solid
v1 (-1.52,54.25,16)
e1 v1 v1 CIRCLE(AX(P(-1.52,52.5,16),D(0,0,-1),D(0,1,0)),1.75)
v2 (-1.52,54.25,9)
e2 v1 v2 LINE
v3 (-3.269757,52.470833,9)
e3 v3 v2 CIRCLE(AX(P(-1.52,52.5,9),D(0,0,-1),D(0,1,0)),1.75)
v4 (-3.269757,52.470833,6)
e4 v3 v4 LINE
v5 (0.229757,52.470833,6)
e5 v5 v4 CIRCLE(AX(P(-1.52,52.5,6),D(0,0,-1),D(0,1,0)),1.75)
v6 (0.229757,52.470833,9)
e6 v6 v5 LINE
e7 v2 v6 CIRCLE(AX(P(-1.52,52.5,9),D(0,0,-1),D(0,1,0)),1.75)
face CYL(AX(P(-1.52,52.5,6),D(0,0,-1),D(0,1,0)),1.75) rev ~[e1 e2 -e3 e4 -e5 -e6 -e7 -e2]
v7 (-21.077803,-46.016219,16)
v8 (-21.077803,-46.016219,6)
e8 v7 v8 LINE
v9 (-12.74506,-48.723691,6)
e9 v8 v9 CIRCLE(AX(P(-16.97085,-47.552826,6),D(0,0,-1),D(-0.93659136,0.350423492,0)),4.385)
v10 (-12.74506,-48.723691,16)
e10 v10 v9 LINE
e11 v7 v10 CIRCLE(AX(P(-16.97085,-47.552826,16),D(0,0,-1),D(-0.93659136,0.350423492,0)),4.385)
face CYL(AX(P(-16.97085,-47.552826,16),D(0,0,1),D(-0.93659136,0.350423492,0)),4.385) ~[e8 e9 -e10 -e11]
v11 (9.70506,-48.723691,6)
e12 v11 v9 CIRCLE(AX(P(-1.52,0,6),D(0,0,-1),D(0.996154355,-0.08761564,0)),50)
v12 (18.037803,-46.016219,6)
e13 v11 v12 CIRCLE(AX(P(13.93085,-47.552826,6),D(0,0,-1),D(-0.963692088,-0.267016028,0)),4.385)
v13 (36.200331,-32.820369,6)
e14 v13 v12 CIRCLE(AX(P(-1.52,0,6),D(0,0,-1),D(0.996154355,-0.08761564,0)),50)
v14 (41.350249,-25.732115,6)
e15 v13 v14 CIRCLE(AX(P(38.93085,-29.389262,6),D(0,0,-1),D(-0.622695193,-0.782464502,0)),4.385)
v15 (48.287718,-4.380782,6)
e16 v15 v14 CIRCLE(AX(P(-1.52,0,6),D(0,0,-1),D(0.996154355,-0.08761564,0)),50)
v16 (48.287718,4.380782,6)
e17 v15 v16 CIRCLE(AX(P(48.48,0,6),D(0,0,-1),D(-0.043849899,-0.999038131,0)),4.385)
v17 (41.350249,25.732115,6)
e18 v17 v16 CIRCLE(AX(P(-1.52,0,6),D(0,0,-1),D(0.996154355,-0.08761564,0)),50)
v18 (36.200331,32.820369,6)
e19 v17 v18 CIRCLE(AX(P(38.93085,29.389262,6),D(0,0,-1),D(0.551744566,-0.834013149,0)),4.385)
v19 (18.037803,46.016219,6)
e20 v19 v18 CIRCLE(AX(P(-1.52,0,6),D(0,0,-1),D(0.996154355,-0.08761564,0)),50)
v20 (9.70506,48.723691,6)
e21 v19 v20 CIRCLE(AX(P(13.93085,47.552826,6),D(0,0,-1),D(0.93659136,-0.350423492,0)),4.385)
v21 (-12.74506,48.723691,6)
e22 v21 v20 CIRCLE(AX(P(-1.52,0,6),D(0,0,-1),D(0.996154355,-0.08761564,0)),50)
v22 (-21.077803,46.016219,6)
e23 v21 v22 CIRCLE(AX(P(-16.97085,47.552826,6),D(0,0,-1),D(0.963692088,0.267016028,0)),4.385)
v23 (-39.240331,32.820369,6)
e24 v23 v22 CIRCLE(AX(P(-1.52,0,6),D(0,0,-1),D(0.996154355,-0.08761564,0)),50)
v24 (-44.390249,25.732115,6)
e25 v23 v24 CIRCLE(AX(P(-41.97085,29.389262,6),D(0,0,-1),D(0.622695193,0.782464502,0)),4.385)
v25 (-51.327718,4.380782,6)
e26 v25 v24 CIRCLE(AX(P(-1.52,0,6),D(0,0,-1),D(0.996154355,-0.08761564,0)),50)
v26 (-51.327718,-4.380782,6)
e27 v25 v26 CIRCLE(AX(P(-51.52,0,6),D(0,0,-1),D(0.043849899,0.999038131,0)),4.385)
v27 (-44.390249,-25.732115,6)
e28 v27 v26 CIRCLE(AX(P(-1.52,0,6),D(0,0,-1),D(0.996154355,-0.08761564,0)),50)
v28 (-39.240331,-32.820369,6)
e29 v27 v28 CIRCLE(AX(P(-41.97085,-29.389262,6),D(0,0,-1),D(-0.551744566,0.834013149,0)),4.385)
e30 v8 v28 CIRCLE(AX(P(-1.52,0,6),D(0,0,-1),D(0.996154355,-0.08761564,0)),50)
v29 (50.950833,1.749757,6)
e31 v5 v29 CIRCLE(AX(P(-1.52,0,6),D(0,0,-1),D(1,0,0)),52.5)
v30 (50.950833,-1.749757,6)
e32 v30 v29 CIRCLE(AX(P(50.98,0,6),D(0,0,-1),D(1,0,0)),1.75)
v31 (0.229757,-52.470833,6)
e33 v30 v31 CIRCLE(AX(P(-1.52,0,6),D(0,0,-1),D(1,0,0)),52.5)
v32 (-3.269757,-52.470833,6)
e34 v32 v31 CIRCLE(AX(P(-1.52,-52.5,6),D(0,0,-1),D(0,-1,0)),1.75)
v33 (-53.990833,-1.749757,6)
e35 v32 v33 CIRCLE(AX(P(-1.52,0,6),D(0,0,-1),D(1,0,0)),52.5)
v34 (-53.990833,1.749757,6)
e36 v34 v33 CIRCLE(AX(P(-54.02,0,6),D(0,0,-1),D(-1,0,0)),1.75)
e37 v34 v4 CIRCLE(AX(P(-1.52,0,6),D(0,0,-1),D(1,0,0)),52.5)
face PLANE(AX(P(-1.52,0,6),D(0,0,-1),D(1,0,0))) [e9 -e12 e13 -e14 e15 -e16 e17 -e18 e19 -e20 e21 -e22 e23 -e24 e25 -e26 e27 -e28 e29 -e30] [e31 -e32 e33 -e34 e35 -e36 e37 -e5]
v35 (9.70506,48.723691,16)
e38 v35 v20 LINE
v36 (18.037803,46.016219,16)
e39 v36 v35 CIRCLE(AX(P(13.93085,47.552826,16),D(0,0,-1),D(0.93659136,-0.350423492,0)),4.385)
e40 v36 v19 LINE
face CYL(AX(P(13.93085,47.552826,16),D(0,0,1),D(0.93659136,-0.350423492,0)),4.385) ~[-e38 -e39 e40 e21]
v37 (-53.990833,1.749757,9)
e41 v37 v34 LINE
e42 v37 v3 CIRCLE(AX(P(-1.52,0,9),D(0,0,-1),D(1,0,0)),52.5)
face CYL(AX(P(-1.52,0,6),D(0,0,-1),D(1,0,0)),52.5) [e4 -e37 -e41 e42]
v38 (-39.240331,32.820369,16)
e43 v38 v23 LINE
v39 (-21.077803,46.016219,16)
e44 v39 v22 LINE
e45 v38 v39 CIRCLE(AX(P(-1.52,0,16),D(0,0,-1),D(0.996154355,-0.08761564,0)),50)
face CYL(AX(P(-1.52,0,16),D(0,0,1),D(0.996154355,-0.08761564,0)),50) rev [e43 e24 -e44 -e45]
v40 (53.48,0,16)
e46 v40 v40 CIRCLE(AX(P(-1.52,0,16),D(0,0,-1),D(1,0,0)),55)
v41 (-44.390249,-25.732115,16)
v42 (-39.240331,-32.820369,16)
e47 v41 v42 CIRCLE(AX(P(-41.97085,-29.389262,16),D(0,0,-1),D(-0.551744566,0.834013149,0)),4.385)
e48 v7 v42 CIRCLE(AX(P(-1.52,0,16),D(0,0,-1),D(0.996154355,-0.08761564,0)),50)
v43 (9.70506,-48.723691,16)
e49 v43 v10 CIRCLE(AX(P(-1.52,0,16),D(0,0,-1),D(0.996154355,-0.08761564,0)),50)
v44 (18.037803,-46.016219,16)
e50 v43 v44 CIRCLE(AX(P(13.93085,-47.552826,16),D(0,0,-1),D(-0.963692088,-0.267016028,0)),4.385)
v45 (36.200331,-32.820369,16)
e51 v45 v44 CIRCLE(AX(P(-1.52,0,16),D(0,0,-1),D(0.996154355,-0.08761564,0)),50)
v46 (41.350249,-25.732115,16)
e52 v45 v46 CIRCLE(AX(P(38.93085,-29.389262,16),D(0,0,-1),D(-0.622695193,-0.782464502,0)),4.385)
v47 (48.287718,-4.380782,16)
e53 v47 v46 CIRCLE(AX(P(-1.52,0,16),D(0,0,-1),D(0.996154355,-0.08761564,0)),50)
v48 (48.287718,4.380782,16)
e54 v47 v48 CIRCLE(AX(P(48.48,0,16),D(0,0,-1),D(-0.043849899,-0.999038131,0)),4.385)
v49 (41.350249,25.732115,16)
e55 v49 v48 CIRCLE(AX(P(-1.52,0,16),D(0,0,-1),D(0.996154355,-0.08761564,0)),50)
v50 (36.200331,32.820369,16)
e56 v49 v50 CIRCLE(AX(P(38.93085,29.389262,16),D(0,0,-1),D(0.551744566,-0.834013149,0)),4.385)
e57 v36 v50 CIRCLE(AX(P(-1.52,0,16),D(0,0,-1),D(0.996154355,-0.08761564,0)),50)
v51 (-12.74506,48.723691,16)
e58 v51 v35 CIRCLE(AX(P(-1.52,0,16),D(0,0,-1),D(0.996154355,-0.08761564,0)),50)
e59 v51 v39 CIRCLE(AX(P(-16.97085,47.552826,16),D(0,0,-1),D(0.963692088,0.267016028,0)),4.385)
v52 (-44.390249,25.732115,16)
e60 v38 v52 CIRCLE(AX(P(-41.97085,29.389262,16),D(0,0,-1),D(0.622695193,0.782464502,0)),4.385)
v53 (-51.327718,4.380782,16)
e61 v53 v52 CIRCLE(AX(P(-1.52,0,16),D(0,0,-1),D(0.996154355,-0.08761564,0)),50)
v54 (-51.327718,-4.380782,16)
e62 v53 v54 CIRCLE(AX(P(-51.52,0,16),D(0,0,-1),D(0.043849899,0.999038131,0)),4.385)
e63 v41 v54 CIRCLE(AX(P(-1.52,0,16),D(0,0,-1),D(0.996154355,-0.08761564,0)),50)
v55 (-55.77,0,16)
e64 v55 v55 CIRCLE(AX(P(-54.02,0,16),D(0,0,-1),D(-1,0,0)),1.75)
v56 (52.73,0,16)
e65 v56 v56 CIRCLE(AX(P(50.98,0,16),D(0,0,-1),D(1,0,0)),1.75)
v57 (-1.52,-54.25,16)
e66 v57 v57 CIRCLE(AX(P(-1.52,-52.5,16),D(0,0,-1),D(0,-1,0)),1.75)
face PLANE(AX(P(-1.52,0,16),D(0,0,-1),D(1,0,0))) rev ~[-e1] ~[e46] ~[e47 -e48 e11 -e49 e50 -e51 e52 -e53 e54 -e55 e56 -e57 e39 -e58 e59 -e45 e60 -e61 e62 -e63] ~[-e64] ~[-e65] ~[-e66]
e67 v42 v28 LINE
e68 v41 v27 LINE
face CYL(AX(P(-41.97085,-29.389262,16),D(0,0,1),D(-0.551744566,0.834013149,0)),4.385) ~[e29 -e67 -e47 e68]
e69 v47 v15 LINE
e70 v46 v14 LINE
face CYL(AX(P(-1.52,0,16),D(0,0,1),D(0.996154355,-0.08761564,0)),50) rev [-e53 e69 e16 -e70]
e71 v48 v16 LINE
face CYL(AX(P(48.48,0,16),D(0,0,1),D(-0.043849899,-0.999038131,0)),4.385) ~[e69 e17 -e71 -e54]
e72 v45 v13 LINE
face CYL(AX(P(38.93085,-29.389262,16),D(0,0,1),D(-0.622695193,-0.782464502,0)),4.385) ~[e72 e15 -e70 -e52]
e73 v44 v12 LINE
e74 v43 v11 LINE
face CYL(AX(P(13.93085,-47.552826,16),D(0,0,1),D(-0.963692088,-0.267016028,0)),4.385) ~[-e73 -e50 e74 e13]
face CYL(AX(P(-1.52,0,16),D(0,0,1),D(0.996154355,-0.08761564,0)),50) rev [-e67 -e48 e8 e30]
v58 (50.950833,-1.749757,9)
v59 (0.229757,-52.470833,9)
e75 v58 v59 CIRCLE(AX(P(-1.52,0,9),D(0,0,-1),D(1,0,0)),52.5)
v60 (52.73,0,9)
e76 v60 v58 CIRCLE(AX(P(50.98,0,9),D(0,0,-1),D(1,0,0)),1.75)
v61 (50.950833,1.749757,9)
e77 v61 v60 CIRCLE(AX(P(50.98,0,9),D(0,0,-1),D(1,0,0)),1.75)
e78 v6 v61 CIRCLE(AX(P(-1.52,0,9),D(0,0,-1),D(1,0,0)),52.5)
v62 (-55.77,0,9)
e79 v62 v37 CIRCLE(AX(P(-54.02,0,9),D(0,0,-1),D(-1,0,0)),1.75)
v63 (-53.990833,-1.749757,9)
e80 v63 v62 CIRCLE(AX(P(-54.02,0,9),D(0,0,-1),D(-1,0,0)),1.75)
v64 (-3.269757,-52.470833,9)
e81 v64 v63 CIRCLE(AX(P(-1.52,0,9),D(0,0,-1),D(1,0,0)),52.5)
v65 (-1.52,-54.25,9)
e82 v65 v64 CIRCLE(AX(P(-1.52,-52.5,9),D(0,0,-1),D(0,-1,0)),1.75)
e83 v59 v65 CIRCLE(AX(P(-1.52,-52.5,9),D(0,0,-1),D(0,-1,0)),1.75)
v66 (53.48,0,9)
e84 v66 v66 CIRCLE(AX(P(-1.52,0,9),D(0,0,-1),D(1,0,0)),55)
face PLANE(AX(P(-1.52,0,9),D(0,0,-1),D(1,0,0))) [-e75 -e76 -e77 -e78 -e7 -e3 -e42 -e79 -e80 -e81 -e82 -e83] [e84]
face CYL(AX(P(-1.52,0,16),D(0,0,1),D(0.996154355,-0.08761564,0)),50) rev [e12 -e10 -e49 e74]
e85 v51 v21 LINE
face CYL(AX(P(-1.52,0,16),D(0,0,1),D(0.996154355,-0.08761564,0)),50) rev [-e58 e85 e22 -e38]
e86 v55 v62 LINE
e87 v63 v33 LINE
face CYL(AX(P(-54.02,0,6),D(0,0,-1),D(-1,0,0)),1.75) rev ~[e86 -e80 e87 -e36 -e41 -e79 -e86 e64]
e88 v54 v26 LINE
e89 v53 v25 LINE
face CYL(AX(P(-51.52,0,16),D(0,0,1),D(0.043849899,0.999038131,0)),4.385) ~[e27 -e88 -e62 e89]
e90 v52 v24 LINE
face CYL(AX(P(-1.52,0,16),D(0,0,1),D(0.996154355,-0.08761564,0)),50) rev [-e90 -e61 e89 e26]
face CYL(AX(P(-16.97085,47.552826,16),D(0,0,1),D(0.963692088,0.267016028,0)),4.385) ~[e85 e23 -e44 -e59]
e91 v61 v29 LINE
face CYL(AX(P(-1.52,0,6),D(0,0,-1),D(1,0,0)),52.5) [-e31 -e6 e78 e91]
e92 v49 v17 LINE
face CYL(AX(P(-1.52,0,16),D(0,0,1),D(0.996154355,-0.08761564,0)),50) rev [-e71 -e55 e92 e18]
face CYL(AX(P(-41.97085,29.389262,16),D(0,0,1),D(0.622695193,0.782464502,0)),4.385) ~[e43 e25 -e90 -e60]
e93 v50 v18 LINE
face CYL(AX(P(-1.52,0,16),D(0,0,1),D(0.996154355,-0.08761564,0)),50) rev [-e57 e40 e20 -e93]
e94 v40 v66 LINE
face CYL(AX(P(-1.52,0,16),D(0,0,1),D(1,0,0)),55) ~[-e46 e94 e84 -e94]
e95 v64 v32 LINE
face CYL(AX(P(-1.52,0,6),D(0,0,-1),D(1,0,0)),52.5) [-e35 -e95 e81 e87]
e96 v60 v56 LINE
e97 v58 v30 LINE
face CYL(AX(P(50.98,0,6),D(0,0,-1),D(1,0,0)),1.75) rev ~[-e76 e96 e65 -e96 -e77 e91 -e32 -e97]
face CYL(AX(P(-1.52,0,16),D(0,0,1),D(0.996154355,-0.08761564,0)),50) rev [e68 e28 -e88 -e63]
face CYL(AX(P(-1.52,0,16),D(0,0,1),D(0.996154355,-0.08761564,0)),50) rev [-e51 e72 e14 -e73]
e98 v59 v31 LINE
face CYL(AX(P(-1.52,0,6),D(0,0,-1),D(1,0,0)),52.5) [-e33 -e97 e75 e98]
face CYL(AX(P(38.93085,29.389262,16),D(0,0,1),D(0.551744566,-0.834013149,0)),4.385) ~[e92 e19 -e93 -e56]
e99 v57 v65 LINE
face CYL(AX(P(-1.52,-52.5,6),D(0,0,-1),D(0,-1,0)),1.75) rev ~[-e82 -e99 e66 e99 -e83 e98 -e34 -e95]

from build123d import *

# Parameters (mm, degrees)
SKETCH039_R             = 55
PAD008_DEPTH            = 10
POLARPATTERN003_COUNT   = 10
SKETCH040_R             = 55
SKETCH040_R_2           = 52.5
POCKET019_DEPTH         = 3
SKETCH041_R             = 1.75
POCKET020_DEPTH         = 321.770146
POCKET020_DEPTH_BACK    = 311.770146
POLARPATTERN004_COUNT   = 4
BODY002_PLACEMENT_ANGLE = 90


with BuildPart() as part:
    # Sketch039 → Pad008 (new body)
    with BuildSketch(Plane.XZ):
        Circle(SKETCH039_R)
        with BuildLine():
            ThreePointArc((49.807718, 4.380782), (-50, 0), (49.807718, -4.380782))
            ThreePointArc((49.807718, 4.380782), (45.615, 0), (49.807718, -4.380782))
        make_face(mode=Mode.SUBTRACT)
    pad008 = extrude(amount=PAD008_DEPTH)

    # PolarPattern003: Pad008 ×10 about axis
    polarpattern003_axis = Axis((0, 0, 0), (0, -1, 0))
    for i in range(1, POLARPATTERN003_COUNT):
        add(pad008.rotate(polarpattern003_axis, i * 360 / POLARPATTERN003_COUNT))

    # Sketch040 (on DatumPlane) → Pocket019 (cut)
    with BuildSketch(Plane.XZ.offset(10)):
        Circle(SKETCH040_R)
        Circle(SKETCH040_R_2, mode=Mode.SUBTRACT)
    extrude(amount=-POCKET019_DEPTH, mode=Mode.SUBTRACT)

    # Sketch041 (on DatumPlane) → Pocket020 (cut, two sides)
    with BuildSketch(Plane.XZ.offset(10)) as pocket020_sk:
        with Locations((52.5, 0)):
            Circle(SKETCH041_R)
    pocket020 = extrude(amount=-POCKET020_DEPTH, mode=Mode.SUBTRACT) + extrude(pocket020_sk.sketch, amount=POCKET020_DEPTH_BACK, mode=Mode.SUBTRACT)

    # PolarPattern004: Pocket020 ×4 about axis
    polarpattern004_axis = Axis((0, -10, 0), (0, -1, 0))
    for i in range(1, POLARPATTERN004_COUNT):
        add(pocket020.rotate(polarpattern004_axis, i * 360 / POLARPATTERN004_COUNT), mode=Mode.SUBTRACT)


with BuildPart() as part_1:
    # Body002 placement: moved
    add(part.part.moved(Location((-1.52, 0, 16))).rotate(Axis((-1.52, 0, 16), (1, 0, 0)), BODY002_PLACEMENT_ANGLE))


solid = part_1.part
